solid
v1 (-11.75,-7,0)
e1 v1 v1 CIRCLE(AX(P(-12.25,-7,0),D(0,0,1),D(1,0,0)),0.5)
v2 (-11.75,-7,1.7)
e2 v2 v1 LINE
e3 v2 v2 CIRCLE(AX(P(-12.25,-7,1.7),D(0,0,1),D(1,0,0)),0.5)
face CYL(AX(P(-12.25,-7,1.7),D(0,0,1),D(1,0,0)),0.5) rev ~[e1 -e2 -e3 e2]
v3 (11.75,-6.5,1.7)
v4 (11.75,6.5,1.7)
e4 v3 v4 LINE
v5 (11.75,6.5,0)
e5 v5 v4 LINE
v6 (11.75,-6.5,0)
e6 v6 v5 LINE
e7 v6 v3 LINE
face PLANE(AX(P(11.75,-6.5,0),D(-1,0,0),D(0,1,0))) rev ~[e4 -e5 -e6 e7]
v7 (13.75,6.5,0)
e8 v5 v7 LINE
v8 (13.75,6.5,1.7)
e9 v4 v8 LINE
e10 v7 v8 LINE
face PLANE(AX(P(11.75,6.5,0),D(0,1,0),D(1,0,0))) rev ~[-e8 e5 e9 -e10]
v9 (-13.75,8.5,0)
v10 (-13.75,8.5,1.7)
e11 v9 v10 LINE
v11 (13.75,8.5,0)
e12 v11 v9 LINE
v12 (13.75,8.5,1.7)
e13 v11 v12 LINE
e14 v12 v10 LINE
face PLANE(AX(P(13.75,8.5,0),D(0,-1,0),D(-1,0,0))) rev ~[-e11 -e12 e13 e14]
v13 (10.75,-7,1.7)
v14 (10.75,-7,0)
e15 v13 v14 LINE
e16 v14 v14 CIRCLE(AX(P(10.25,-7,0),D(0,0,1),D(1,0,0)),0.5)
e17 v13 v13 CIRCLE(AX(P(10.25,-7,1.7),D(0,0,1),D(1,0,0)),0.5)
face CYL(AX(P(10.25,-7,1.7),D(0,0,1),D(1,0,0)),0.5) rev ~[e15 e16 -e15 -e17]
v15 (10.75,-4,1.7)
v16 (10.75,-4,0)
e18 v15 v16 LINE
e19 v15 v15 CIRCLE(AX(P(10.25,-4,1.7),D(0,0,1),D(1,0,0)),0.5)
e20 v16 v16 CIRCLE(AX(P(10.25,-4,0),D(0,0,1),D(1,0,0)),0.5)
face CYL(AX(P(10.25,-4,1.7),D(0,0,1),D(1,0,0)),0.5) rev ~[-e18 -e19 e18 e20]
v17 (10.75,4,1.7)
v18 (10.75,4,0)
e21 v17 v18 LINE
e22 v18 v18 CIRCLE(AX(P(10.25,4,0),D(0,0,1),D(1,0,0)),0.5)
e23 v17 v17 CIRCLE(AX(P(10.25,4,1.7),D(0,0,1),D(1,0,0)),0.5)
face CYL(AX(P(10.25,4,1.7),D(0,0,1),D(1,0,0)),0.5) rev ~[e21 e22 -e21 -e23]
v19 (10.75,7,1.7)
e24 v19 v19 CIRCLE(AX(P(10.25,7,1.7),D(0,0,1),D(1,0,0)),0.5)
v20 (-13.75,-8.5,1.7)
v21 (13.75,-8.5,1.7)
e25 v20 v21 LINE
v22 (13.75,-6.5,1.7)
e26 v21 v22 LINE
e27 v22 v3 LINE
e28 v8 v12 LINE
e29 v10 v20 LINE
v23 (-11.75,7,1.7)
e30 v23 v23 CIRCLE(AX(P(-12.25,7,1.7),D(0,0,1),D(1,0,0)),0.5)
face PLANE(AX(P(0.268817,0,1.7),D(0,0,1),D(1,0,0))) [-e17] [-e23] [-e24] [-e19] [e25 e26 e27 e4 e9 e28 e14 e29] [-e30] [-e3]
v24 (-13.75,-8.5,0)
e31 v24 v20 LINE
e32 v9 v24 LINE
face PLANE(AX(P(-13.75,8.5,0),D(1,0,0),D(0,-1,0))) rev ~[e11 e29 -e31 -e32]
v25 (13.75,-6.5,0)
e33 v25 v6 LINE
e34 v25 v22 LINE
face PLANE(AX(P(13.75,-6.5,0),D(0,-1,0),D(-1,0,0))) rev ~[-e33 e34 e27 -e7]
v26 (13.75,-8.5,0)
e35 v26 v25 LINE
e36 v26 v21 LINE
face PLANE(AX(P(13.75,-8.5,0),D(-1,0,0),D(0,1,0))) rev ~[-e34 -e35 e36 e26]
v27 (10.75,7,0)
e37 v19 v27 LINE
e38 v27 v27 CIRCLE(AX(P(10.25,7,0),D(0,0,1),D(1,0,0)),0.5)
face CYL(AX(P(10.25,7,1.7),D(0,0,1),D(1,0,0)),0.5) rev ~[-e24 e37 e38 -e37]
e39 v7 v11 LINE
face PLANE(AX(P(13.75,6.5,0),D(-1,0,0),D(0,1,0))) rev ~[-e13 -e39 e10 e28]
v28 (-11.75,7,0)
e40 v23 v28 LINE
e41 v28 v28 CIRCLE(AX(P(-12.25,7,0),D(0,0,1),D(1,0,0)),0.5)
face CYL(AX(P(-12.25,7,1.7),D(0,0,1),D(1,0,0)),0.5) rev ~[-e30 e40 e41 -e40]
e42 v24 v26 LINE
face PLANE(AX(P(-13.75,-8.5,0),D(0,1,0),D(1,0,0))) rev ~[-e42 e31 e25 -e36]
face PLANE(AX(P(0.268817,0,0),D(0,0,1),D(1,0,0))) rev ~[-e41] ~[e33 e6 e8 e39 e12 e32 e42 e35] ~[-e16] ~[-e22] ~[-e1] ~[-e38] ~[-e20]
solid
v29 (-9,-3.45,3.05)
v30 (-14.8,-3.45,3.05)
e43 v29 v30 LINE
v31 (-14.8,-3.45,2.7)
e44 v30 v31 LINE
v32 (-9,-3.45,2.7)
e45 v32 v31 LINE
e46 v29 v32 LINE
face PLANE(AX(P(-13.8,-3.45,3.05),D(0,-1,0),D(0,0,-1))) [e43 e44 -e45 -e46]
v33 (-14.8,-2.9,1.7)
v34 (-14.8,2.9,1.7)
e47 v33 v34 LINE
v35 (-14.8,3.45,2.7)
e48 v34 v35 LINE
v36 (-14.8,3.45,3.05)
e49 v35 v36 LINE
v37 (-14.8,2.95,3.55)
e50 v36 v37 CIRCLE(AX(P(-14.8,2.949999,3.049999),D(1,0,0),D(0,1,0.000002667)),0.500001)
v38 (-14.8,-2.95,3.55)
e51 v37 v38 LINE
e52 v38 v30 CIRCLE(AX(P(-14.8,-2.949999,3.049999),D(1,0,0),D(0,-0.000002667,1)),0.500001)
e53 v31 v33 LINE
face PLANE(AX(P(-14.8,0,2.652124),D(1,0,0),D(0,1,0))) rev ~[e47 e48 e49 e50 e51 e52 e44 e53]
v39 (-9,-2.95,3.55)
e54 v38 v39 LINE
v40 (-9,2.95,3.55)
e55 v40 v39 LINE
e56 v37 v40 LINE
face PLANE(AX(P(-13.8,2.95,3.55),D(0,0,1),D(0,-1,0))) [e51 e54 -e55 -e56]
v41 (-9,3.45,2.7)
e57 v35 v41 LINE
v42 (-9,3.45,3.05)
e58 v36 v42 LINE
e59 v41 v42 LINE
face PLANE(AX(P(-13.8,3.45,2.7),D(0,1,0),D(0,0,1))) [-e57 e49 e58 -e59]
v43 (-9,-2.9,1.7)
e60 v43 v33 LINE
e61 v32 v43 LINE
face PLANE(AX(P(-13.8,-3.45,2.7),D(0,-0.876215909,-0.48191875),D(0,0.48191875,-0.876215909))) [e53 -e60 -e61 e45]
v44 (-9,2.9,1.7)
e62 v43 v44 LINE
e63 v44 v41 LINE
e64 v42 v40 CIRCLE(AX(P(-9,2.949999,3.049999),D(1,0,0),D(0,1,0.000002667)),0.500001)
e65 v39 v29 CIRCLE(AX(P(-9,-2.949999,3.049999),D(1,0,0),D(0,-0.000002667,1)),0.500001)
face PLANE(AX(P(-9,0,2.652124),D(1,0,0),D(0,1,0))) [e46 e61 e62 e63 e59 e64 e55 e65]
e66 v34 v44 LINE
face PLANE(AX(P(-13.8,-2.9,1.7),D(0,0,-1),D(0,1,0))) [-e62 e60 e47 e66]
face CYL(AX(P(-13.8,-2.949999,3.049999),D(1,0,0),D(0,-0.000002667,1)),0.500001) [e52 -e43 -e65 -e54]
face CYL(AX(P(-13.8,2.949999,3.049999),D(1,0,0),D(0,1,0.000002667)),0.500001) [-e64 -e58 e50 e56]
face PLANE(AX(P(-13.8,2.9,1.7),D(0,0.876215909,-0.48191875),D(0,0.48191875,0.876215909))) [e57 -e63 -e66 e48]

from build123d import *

# Parameters (mm, degrees)
F1_DEPTH      = 1.7
F2_R          = 0.5
F3_DEPTH      = 1.701
F6_DEPTH      = 4.8
F6_DEPTH_BACK = 1


with BuildPart() as f1:
    # F0 (on Top) → F1 (new body)
    with BuildSketch(Plane.XY):
        Polygon((13.75, 6.5), (13.75, 8.5), (-13.75, 8.5), (-13.75, -8.5), (13.75, -8.5), (13.75, -6.5), (11.75, -6.5), (11.75, 6.5), align=None)
    extrude(amount=F1_DEPTH)

    # F2 (on face) → F3 (cut, through all)
    with BuildSketch(Plane.XY.offset(1.7)):
        with Locations((10.25, 7)):
            Circle(F2_R)
        with Locations((10.25, 4)):
            Circle(F2_R)
        with Locations((10.25, -4)):
            Circle(F2_R)
        with Locations((10.25, -7)):
            Circle(F2_R)
        with Locations((-12.25, 7)):
            Circle(F2_R)
        with Locations((-12.25, -7)):
            Circle(F2_R)
    extrude(amount=-F3_DEPTH, mode=Mode.SUBTRACT)


with BuildPart() as f6:
    # F5 (on offset) → F6 (new body, two sides)
    with BuildSketch(Plane.YZ.offset(-13.8)) as f6_sk:
        with BuildLine():
            Line((-2.9, 1.7), (2.9, 1.7))
            Line((2.9, 1.7), (3.45, 2.7))
            Line((3.45, 2.7), (3.45, 3.05))
            ThreePointArc((3.45, 3.05), (3.303553, 3.403553), (2.95, 3.55))
            Line((2.95, 3.55), (-2.95, 3.55))
            ThreePointArc((-2.95, 3.55), (-3.303553, 3.403553), (-3.45, 3.05))
            Line((-3.45, 3.05), (-3.45, 2.7))
            Line((-3.45, 2.7), (-2.9, 1.7))
        make_face()
    extrude(amount=F6_DEPTH)
    extrude(f6_sk.sketch, amount=-F6_DEPTH_BACK)


solid = Compound([f1.part, f6.part])
